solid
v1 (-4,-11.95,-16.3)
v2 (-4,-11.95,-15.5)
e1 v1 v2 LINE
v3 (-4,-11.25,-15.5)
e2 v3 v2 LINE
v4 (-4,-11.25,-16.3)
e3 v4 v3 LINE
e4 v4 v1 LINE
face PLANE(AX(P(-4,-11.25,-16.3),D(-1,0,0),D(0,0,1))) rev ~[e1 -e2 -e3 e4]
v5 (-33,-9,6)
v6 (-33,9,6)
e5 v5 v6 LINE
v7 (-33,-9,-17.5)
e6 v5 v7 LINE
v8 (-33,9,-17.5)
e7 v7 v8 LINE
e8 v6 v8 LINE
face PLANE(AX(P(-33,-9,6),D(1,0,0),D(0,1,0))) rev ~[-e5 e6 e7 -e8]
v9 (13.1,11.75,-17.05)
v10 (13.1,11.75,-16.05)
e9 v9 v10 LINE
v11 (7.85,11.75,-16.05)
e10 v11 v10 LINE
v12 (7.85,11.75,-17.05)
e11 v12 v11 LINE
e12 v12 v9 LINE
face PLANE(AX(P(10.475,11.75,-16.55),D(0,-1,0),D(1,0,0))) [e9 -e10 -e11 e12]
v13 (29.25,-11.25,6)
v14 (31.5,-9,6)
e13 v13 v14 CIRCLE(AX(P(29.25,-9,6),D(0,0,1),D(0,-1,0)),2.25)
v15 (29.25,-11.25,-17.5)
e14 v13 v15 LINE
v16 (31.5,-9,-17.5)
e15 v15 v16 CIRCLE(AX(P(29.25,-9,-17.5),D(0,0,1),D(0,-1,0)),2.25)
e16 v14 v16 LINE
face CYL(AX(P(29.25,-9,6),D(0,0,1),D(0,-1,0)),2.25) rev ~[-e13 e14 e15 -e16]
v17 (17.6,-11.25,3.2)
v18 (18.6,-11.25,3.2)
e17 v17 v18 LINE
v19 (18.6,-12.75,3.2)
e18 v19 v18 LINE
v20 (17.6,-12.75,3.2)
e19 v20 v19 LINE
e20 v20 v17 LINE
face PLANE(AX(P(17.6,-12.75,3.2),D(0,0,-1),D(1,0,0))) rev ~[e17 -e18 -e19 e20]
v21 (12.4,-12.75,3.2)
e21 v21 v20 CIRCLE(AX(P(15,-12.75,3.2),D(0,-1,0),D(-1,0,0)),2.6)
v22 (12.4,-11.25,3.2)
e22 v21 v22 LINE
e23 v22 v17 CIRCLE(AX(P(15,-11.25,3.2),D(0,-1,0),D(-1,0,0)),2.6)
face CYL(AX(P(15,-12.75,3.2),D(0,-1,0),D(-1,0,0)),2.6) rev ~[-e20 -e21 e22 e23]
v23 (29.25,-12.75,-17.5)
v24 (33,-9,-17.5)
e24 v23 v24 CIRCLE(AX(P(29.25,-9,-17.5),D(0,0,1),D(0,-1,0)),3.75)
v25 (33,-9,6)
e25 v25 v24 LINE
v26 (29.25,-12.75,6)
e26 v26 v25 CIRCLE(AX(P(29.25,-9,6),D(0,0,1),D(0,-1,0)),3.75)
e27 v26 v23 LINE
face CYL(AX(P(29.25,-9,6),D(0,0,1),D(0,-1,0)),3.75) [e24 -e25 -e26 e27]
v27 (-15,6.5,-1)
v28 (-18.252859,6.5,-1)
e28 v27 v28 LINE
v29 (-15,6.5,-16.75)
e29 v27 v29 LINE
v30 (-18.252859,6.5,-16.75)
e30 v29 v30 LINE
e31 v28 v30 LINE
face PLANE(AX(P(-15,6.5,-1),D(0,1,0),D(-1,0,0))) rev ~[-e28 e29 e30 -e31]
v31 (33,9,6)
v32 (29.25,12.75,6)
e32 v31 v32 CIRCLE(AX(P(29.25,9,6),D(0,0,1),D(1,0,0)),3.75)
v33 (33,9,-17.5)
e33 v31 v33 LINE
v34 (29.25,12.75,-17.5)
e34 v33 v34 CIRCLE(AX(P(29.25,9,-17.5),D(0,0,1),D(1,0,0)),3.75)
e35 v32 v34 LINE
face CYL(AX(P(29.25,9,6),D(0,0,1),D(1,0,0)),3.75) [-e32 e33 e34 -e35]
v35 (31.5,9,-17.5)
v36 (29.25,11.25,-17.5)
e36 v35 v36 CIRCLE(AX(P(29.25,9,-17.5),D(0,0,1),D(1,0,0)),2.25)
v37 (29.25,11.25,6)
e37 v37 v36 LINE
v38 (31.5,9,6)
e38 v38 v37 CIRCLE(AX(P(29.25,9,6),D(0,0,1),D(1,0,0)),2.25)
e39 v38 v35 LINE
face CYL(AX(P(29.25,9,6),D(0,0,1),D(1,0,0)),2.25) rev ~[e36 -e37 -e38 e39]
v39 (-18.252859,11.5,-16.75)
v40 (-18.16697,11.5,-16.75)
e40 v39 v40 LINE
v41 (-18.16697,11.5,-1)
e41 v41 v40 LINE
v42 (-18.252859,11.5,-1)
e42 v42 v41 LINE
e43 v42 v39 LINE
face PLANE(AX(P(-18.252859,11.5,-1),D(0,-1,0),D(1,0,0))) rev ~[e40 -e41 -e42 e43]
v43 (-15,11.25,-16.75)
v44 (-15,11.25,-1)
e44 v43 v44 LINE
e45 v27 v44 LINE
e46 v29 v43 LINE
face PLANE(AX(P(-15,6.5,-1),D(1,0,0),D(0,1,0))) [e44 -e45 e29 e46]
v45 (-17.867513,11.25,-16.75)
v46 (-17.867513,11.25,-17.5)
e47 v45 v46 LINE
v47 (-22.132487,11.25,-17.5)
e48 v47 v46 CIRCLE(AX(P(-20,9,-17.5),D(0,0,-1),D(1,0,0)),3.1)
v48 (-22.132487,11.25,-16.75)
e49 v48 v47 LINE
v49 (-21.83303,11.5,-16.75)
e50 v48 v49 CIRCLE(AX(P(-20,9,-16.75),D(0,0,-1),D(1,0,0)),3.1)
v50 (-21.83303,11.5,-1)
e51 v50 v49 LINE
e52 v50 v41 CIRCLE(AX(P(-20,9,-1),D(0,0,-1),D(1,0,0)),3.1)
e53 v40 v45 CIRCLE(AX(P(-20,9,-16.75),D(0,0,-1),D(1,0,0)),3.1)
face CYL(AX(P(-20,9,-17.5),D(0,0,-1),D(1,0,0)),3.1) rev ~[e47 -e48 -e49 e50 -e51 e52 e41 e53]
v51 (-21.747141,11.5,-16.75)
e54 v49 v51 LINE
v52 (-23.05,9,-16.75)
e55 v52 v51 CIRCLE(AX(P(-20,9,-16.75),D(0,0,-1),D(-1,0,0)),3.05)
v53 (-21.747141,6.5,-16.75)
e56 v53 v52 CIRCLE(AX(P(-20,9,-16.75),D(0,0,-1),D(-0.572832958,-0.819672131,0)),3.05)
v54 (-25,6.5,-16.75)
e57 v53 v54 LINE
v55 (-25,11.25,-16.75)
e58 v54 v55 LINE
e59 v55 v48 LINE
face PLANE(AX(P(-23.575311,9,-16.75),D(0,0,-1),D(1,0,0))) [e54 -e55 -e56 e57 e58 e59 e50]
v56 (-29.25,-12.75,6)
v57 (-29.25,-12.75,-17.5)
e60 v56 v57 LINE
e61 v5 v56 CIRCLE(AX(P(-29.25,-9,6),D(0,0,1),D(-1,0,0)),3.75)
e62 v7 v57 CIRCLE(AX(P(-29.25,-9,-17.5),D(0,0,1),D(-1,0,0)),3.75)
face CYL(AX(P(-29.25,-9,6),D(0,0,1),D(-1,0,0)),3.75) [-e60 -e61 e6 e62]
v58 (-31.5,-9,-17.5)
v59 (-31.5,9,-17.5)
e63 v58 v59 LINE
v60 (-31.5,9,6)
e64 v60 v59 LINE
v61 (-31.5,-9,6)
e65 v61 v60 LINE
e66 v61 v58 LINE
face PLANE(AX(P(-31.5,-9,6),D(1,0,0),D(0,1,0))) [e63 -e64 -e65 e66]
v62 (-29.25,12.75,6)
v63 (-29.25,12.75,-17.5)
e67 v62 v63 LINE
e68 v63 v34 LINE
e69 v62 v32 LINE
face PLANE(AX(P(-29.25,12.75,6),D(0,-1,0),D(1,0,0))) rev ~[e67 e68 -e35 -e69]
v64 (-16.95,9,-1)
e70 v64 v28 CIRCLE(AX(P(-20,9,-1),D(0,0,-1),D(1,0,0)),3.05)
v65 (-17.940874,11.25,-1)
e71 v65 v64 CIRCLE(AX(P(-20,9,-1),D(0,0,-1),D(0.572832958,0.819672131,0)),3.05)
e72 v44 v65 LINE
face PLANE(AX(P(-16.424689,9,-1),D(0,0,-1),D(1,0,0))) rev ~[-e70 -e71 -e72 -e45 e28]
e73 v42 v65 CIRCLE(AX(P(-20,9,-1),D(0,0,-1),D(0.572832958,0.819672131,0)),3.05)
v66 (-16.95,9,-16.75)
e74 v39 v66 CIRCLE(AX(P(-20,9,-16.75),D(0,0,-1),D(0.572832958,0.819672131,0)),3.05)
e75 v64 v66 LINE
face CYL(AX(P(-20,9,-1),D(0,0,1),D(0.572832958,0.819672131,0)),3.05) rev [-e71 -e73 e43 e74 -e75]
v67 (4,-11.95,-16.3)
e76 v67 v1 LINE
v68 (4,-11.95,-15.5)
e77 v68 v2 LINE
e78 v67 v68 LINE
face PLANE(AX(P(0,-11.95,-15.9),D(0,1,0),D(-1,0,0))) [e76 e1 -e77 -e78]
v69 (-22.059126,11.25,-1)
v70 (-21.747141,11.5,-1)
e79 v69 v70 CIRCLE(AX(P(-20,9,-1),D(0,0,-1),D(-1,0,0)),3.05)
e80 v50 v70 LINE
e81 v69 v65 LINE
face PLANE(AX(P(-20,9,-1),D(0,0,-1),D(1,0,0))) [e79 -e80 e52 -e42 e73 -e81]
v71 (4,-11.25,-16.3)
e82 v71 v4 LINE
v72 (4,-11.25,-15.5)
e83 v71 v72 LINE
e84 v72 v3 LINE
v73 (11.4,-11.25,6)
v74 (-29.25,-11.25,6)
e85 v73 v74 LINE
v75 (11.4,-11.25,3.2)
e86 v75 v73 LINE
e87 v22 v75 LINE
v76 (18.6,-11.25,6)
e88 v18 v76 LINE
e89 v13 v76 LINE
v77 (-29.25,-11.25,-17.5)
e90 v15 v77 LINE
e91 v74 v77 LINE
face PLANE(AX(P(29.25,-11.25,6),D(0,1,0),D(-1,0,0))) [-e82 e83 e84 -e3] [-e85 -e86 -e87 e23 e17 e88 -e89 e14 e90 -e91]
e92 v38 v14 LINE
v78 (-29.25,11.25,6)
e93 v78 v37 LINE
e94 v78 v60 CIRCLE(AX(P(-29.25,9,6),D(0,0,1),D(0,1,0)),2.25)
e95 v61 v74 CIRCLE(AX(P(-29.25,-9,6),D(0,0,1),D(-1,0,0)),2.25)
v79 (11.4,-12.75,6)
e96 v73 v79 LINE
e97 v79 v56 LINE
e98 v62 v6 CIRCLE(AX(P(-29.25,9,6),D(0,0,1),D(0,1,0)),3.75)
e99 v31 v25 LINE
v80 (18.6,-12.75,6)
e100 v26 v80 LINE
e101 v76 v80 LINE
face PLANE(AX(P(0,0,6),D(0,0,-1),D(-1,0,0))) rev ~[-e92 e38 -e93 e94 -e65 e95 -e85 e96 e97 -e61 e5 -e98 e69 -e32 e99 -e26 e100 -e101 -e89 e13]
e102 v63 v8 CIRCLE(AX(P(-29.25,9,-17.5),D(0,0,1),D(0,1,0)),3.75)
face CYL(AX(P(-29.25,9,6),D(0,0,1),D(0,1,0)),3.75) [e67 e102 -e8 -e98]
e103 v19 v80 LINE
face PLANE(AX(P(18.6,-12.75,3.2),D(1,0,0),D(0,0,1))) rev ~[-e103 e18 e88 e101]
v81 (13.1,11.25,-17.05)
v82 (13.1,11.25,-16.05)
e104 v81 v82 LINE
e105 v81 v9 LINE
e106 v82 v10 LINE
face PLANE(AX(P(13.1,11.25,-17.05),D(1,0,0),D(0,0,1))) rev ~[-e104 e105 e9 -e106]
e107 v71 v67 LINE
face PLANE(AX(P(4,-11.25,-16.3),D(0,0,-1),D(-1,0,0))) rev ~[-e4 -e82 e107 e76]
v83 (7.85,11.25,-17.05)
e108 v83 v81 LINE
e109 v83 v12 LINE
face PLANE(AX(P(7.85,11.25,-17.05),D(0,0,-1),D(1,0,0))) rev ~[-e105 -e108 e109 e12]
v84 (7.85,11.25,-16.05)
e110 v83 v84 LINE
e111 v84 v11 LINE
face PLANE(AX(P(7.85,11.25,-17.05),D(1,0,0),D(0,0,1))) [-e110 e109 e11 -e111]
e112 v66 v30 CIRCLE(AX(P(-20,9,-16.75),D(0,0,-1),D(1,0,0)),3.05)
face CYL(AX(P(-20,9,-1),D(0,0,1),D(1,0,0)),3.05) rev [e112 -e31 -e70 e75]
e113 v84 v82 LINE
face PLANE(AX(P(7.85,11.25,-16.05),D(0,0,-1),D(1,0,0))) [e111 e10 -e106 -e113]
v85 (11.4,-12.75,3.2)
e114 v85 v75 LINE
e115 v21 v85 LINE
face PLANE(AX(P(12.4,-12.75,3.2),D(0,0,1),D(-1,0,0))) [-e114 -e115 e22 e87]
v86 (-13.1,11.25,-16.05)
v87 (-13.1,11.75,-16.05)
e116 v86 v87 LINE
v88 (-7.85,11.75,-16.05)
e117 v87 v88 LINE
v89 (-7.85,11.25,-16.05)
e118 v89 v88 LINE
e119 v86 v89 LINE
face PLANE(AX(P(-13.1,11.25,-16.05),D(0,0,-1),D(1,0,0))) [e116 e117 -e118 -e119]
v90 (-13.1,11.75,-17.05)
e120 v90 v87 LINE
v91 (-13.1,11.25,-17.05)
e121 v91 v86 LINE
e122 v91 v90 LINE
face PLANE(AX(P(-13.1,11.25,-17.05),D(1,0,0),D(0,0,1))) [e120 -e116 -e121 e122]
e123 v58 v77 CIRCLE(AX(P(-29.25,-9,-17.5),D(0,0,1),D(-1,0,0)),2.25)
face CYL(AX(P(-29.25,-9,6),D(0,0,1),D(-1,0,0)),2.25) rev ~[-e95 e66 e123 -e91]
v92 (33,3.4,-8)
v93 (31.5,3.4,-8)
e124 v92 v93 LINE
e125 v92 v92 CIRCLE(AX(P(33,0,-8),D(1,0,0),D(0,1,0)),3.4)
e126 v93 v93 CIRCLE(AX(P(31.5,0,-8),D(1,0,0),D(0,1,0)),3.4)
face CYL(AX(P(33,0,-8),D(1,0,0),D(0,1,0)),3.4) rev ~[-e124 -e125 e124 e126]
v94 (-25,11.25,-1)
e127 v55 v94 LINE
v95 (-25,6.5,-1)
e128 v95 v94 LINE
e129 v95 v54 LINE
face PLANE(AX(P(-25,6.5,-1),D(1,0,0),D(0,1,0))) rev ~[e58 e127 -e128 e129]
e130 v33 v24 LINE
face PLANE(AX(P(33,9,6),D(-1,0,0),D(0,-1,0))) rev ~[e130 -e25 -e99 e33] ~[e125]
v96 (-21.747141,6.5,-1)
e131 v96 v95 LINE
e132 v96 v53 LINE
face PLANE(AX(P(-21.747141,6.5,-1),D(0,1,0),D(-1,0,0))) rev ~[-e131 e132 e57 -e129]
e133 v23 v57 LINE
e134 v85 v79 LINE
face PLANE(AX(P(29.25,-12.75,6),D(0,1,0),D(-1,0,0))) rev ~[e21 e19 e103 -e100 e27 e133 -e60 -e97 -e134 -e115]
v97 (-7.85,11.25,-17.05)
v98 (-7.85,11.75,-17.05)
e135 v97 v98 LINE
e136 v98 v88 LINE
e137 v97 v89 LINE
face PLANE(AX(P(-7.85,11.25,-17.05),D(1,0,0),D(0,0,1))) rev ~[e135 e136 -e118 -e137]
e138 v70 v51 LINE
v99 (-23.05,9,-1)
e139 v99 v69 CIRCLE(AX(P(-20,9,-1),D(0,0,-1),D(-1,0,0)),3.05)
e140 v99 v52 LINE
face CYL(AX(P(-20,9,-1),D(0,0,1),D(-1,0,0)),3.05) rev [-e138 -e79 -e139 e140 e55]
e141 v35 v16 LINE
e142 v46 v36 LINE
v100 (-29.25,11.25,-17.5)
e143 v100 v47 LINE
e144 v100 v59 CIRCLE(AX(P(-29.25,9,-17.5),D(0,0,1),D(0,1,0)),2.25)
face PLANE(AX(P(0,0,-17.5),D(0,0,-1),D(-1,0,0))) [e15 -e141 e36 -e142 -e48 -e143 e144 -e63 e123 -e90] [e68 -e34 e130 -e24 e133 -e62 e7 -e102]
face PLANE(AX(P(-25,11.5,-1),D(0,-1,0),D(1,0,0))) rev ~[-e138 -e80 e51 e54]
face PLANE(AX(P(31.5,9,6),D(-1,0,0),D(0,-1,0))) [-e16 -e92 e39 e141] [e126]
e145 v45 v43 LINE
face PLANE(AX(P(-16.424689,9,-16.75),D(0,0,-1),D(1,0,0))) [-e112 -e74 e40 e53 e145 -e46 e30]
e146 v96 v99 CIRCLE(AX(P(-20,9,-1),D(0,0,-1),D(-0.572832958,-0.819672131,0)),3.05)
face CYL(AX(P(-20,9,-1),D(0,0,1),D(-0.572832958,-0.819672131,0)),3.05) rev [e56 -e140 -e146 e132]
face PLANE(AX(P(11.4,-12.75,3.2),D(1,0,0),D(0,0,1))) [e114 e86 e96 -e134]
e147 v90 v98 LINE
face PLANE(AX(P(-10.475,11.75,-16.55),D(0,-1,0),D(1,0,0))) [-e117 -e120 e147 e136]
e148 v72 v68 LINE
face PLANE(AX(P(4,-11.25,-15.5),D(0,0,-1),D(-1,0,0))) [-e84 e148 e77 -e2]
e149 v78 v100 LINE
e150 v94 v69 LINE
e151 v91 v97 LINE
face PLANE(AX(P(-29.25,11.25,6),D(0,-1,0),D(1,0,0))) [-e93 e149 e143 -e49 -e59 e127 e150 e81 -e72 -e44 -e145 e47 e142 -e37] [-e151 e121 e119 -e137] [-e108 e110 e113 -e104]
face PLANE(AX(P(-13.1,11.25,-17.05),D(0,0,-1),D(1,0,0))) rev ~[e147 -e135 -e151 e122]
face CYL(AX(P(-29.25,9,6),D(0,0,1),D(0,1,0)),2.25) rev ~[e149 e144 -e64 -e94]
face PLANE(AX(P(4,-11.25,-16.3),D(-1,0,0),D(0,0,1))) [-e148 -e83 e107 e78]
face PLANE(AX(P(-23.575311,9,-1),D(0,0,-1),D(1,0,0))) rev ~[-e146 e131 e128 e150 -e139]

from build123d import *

# Parameters (mm, degrees)
PAD_DEPTH       = 23.5
SKETCH014_W     = 8
SKETCH014_H     = 0.8
POCKET001_DEPTH = 0.7
SKETCH015_W     = 5.25
SKETCH015_H     = 1
POCKET002_DEPTH = 0.5
SKETCH020_R     = 3.4
POCKET005_DEPTH = 1.5
POCKET006_DEPTH = 1.5
SKETCH025_R     = 3.1
POCKET008_DEPTH = 16.5
PAD015_DEPTH    = 15.75


with BuildPart() as part:
    # Sketch → Pad (new body)
    with BuildSketch(Plane.XY.offset(6)):
        with BuildLine():
            Line((-29.25, 12.75), (29.25, 12.75))
            ThreePointArc((33, 9), (31.9016504294, 11.6516504294), (29.25, 12.75))
            Line((33, 9), (33, -9))
            ThreePointArc((29.25, -12.75), (31.9016504295, -11.6516504294), (33, -9))
            Line((29.25, -12.75), (-29.25, -12.75))
            ThreePointArc((-33, -9), (-31.9016504294, -11.6516504295), (-29.25, -12.75))
            Line((-33, -9), (-33, 9))
            ThreePointArc((-29.25, 12.75), (-31.9016504294, 11.6516504294), (-33, 9))
        make_face()
        with BuildLine():
            Line((-29.25, 11.25), (29.25, 11.25))
            ThreePointArc((31.5, 9), (30.8409902577, 10.5909902577), (29.25, 11.25))
            Line((31.5, 9), (31.5, -9))
            ThreePointArc((29.25, -11.25), (30.8409902577, -10.5909902577), (31.5, -9))
            Line((29.25, -11.25), (-29.25, -11.25))
            ThreePointArc((-31.5, -9), (-30.8409902577, -10.5909902577), (-29.25, -11.25))
            Line((-31.5, -9), (-31.5, 9))
            ThreePointArc((-29.25, 11.25), (-30.8409902577, 10.5909902577), (-31.5, 9))
        make_face(mode=Mode.SUBTRACT)
    extrude(amount=-PAD_DEPTH)

    # Sketch014 → Pocket001 (cut)
    with BuildSketch(Plane(origin=(0, -11.25, 6), x_dir=(-1, 0, 0), z_dir=(0, 1, 0))):
        with Locations((0, -21.9)):
            Rectangle(SKETCH014_W, SKETCH014_H)
    extrude(amount=-POCKET001_DEPTH, mode=Mode.SUBTRACT)

    # Sketch015 → Pocket002 (cut)
    with BuildSketch(Plane(origin=(0, 11.25, 6), x_dir=(1, 0, 0), z_dir=(0, -1, 0))):
        with Locations((-10.475, -22.55)):
            Rectangle(SKETCH015_W, SKETCH015_H)
        with Locations((10.475, -22.55)):
            Rectangle(SKETCH015_W, SKETCH015_H)
    extrude(amount=-POCKET002_DEPTH, mode=Mode.SUBTRACT)

    # Sketch020 → Pocket005 (cut)
    with BuildSketch(Plane(origin=(33, 0, 6), x_dir=(0, 1, 0), z_dir=(1, 0, 0))):
        with Locations((0, -14)):
            Circle(SKETCH020_R)
    extrude(amount=-POCKET005_DEPTH, mode=Mode.SUBTRACT)

    # Sketch022 → Pocket006 (cut)
    with BuildSketch(Plane(origin=(0, -12.75, 6), x_dir=(1, 0, 0), z_dir=(0, -1, 0))):
        with BuildLine():
            ThreePointArc((12.4, -2.8), (15, -5.4), (17.6, -2.8))
            Line((17.6, -2.8), (18.6, -2.8))
            Line((18.6, -2.8), (18.6, 0.1))
            Line((11.4, 0.1), (18.6, 0.1))
            Line((11.4, -2.8), (11.4, 0.1))
            Line((12.4, -2.8), (11.4, -2.8))
        make_face()
    extrude(amount=-POCKET006_DEPTH, mode=Mode.SUBTRACT)

    # Sketch025 → Pocket008 (cut)
    with BuildSketch(Plane(origin=(0, 0, -17.5), x_dir=(1, 0, 0), z_dir=(0, 0, -1))):
        with Locations((-20, -9)):
            Circle(SKETCH025_R)
    extrude(amount=-POCKET008_DEPTH, mode=Mode.SUBTRACT)

    # Sketch026 → Pad015 (new body)
    with BuildSketch(Plane(origin=(0, 0, -1), x_dir=(1, 0, 0), z_dir=(0, 0, -1))):
        with BuildLine():
            Line((-15, -6.5), (-18.252859479, -6.5))
            ThreePointArc((-16.95, -9), (-17.2952561499, -7.5904395346), (-18.252859479, -6.5))
            ThreePointArc((-18.252859479, -11.5), (-17.2952561499, -10.4095604654), (-16.95, -9))
            Line((-18.252859479, -11.5), (-15, -11.5))
            Line((-15, -6.5), (-15, -11.5))
        make_face()
        with BuildLine():
            Line((-25, -11.5), (-21.747140521, -11.5))
            ThreePointArc((-23.05, -9), (-22.7047438501, -10.4095604654), (-21.747140521, -11.5))
            ThreePointArc((-21.747140521, -6.5), (-22.7047438501, -7.5904395346), (-23.05, -9))
            Line((-21.747140521, -6.5), (-25, -6.5))
            Line((-25, -6.5), (-25, -11.5))
        make_face()
    extrude(amount=PAD015_DEPTH)


solid = part.part
